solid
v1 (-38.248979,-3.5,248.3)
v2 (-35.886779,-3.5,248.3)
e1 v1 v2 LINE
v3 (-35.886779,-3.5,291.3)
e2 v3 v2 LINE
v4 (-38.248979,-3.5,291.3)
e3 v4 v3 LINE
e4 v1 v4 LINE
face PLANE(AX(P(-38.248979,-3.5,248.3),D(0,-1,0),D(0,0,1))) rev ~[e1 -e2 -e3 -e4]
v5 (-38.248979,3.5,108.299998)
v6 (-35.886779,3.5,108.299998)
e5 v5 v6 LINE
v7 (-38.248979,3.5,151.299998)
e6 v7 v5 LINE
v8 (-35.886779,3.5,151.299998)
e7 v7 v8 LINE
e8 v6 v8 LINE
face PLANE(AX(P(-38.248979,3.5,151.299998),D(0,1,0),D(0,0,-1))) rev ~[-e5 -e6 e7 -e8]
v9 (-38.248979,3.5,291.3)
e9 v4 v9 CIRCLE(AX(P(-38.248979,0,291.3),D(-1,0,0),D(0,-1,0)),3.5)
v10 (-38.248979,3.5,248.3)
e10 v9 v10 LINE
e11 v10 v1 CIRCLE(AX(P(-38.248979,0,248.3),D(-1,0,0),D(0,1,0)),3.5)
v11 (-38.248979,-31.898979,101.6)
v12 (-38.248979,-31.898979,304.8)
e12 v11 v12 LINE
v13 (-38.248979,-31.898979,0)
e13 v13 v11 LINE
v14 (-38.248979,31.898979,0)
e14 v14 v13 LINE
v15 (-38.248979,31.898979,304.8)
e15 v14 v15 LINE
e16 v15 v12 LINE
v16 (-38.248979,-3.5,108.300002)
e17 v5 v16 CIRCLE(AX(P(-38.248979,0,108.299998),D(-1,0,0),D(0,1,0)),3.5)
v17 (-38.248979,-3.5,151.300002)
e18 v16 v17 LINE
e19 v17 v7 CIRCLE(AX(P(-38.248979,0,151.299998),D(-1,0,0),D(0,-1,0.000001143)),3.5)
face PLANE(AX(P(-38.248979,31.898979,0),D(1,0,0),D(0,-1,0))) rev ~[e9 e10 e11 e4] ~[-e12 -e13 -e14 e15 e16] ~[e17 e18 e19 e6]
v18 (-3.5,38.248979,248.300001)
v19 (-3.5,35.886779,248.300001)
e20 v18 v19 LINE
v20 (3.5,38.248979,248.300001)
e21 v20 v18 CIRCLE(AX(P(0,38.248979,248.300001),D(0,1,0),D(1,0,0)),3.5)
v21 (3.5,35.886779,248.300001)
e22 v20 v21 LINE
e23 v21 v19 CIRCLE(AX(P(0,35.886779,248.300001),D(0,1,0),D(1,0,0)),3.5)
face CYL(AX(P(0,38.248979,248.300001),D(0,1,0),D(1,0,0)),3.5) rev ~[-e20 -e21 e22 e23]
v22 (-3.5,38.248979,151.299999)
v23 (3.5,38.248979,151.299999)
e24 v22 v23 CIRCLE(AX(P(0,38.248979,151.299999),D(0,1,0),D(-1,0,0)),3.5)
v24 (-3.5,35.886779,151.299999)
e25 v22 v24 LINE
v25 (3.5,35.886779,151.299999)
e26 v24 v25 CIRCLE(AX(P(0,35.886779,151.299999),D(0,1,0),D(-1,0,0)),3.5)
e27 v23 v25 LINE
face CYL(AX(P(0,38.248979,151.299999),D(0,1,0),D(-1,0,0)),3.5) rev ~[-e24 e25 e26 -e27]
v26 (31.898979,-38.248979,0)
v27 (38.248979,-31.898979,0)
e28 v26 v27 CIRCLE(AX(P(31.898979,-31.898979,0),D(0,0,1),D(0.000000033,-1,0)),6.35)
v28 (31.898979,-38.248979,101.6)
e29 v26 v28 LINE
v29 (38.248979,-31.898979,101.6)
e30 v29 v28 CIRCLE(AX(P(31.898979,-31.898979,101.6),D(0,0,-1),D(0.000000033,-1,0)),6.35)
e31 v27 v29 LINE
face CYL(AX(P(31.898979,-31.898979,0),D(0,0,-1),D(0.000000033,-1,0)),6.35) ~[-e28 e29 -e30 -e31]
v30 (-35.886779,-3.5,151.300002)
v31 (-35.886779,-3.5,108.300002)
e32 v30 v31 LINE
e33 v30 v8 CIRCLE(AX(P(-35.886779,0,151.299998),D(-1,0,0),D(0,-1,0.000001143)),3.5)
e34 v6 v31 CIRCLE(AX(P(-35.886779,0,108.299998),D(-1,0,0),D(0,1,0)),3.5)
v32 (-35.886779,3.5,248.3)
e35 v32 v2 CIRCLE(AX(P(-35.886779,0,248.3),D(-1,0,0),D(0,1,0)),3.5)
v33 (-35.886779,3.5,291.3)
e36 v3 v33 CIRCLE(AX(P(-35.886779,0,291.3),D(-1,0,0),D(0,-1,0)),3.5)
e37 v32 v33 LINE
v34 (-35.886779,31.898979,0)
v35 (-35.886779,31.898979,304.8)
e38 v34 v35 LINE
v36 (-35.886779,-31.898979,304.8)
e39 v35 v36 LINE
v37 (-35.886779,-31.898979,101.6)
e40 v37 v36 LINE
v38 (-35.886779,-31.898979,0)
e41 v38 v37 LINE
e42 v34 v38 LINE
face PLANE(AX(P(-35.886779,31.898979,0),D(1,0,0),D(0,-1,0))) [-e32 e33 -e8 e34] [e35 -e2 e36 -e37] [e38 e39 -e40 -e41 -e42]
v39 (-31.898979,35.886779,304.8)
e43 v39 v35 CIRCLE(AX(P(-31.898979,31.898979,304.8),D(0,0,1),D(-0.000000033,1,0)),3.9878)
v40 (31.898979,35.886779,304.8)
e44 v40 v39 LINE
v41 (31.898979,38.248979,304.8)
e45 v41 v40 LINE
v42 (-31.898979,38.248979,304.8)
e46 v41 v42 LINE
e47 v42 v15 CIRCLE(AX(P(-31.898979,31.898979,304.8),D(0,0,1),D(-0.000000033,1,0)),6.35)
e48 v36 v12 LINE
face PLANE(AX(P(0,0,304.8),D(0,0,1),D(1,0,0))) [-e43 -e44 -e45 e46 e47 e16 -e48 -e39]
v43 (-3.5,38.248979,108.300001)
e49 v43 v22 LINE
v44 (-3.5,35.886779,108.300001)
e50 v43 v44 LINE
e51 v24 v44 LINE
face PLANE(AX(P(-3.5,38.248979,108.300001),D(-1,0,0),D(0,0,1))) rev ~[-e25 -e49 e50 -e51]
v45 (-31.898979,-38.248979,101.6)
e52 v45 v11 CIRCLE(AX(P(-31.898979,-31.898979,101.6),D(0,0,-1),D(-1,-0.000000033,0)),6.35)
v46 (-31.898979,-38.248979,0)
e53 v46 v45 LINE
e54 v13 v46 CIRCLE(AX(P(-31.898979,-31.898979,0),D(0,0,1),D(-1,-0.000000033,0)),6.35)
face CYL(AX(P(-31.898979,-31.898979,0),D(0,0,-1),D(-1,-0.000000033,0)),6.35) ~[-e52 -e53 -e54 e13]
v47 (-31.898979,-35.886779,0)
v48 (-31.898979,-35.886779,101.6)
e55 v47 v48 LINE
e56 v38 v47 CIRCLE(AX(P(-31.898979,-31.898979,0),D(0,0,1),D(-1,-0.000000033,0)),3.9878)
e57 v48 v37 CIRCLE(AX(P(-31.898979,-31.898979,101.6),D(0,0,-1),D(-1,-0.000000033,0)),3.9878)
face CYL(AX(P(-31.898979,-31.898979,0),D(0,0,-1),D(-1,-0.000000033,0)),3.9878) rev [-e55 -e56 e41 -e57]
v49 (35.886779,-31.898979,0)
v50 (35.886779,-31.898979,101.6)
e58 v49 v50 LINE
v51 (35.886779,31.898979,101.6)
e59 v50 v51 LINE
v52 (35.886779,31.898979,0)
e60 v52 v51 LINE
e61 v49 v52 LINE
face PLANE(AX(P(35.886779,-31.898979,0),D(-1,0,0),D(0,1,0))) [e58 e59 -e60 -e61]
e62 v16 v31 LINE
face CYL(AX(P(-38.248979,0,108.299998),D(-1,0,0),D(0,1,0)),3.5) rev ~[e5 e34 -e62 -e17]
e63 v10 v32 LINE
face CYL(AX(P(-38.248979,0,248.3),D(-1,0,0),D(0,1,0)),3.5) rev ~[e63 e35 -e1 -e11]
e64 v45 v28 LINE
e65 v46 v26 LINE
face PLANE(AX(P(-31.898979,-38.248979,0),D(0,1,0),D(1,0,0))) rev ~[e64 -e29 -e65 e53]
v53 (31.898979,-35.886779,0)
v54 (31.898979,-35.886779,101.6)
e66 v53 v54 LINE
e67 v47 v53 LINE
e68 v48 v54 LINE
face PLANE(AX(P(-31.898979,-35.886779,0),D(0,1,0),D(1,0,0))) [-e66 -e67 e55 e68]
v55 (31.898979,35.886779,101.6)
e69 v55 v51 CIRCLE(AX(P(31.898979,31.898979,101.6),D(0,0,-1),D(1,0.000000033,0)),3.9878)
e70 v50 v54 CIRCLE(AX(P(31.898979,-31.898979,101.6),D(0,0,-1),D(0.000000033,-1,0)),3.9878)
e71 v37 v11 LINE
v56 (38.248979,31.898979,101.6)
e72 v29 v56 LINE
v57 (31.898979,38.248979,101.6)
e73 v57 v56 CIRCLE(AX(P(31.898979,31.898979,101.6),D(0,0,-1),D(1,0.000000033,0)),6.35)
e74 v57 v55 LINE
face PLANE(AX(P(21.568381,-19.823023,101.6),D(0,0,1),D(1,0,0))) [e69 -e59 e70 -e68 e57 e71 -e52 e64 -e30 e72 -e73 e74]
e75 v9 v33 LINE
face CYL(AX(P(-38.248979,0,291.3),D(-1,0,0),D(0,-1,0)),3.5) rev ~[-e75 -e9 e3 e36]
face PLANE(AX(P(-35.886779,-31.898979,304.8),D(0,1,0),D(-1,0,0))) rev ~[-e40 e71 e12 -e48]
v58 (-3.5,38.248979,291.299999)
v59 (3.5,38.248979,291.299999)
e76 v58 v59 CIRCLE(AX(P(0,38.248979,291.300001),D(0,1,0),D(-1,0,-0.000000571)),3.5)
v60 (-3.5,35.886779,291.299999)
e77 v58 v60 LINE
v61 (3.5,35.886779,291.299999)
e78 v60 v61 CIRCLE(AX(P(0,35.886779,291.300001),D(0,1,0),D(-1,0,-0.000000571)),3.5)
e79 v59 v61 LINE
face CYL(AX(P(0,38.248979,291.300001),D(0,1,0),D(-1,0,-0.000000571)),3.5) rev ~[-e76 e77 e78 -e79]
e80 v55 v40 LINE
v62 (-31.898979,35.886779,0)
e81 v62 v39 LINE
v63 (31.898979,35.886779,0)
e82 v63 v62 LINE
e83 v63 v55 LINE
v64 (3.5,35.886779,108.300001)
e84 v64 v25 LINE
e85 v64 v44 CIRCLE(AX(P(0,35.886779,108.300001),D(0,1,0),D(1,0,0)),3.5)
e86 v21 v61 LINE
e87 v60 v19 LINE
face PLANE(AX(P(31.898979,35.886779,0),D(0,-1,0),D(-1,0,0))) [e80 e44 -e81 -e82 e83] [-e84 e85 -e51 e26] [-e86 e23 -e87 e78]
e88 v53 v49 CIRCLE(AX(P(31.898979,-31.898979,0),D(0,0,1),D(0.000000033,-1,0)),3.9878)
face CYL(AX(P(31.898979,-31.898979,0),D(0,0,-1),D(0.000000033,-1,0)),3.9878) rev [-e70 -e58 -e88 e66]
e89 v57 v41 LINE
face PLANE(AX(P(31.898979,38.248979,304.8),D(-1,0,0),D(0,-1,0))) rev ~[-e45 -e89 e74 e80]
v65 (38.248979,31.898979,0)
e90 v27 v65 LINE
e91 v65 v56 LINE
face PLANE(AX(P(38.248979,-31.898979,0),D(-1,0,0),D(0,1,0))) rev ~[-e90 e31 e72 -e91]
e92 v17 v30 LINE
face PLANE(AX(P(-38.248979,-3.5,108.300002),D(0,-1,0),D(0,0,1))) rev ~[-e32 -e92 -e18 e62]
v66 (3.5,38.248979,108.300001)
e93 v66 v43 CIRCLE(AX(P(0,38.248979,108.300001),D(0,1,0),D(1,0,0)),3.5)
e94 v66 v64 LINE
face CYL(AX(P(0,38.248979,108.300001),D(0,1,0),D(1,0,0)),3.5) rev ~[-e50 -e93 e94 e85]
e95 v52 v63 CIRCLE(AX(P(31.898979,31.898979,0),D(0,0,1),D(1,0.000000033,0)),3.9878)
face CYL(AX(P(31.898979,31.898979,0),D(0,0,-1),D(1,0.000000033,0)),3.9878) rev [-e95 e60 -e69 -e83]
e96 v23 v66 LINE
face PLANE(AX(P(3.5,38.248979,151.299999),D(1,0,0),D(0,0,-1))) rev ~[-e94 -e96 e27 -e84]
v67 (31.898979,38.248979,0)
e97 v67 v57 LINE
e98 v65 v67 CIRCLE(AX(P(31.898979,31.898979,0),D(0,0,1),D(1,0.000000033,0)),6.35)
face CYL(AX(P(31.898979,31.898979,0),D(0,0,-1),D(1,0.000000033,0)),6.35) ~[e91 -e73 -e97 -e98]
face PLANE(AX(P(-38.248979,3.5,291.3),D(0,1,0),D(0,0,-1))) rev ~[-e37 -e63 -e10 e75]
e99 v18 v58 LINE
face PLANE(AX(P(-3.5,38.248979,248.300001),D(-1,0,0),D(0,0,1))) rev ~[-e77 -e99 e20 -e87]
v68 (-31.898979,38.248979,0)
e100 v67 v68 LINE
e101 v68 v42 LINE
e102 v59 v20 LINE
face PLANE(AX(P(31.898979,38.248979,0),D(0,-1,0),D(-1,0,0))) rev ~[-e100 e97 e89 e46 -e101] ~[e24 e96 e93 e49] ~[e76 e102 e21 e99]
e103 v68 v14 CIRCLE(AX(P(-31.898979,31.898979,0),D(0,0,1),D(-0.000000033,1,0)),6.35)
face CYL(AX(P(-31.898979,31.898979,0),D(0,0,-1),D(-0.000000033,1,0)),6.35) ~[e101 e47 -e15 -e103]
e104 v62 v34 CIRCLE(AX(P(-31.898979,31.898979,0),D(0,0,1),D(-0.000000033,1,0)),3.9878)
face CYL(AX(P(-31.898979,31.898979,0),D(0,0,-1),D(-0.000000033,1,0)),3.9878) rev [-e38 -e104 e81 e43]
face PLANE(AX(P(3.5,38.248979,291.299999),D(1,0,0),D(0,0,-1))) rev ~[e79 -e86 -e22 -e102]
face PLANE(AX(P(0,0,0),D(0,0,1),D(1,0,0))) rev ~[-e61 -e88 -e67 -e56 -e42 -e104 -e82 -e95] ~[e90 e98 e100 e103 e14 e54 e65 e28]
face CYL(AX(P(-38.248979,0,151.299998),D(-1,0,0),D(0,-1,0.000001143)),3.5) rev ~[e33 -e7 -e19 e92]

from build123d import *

# Parameters (mm, degrees)
F1_DEPTH = 304.8
F2_T     = -2.3622
F4_DEPTH = 203.2
F6_DEPTH = 76.498957
F8_DEPTH = 76.498957


with BuildPart() as f1:
    # F0 (on Top) → F1 (new body)
    with BuildSketch(Plane.XY):
        with BuildLine():
            Line((-31.898979, -38.248979), (31.898979, -38.248979))
            ThreePointArc((31.898979, -38.248979), (36.389107, -36.389107), (38.248979, -31.898979))
            Line((38.248979, -31.898979), (38.248979, 31.898979))
            ThreePointArc((38.248979, 31.898979), (36.389107, 36.389107), (31.898979, 38.248979))
            Line((31.898979, 38.248979), (-31.898979, 38.248979))
            ThreePointArc((-31.898979, 38.248979), (-36.389107, 36.389107), (-38.248979, 31.898979))
            Line((-38.248979, 31.898979), (-38.248979, -31.898979))
            ThreePointArc((-38.248979, -31.898979), (-36.389107, -36.389107), (-31.898979, -38.248979))
        make_face()
    extrude(amount=F1_DEPTH)

    # F2
    f2_openings = [f1.faces().sort_by_distance(p)[0] for p in [
        (0, 0, 304.8),
        (0, 0, 0),
    ]]
    offset(amount=F2_T, openings=f2_openings)

    # F3 (on face) → F4 (cut)
    with BuildSketch(Plane.XY.offset(304.8)):
        Polygon((-35.886779, -31.898979), (-38.248979, -31.898979), (-38.248979, -60.503662), (63.648979, -60.503662), (63.648979, 38.248979), (31.898979, 38.248979), (31.898979, 35.886779), align=None)
    extrude(amount=-F4_DEPTH, mode=Mode.SUBTRACT)

    # F5 (on face) → F6 (cut, through all)
    with BuildSketch(Plane(origin=(-38.248979, 0, 0), x_dir=(0, -1, 0), z_dir=(-1, 0, 0))):
        with BuildLine():
            ThreePointArc((-3.5, 248.3), (0, 244.8), (3.5, 248.3))
            Line((3.5, 248.3), (3.5, 291.3))
            ThreePointArc((3.5, 291.3), (0, 294.8), (-3.5, 291.3))
            Line((-3.5, 291.3), (-3.5, 248.3))
        make_face()
        with BuildLine():
            ThreePointArc((-3.5, 108.299998), (2e-06, 104.799998), (3.5, 108.300002))
            Line((3.5, 108.300002), (3.5, 151.300002))
            ThreePointArc((3.5, 151.300002), (-2e-06, 154.799998), (-3.5, 151.299998))
            Line((-3.5, 151.299998), (-3.5, 108.299998))
        make_face()
    extrude(amount=-F6_DEPTH, mode=Mode.SUBTRACT)

    # F7 (on face) → F8 (cut, through all)
    with BuildSketch(Plane(origin=(0, 38.248979, 0), x_dir=(-1, 0, 0), z_dir=(0, 1, 0))):
        with BuildLine():
            ThreePointArc((-3.5, 248.300001), (0, 244.800001), (3.5, 248.300001))
            Line((3.5, 248.300001), (3.5, 291.299999))
            ThreePointArc((3.5, 291.299999), (0, 294.800001), (-3.5, 291.299999))
            Line((-3.5, 291.299999), (-3.5, 248.300001))
        make_face()
        with BuildLine():
            ThreePointArc((-3.5, 108.300001), (0, 104.800001), (3.5, 108.300001))
            Line((3.5, 108.300001), (3.5, 151.299999))
            ThreePointArc((3.5, 151.299999), (0, 154.799999), (-3.5, 151.299999))
            Line((-3.5, 151.299999), (-3.5, 108.300001))
        make_face()
    extrude(amount=-F8_DEPTH, mode=Mode.SUBTRACT)


solid = f1.part
